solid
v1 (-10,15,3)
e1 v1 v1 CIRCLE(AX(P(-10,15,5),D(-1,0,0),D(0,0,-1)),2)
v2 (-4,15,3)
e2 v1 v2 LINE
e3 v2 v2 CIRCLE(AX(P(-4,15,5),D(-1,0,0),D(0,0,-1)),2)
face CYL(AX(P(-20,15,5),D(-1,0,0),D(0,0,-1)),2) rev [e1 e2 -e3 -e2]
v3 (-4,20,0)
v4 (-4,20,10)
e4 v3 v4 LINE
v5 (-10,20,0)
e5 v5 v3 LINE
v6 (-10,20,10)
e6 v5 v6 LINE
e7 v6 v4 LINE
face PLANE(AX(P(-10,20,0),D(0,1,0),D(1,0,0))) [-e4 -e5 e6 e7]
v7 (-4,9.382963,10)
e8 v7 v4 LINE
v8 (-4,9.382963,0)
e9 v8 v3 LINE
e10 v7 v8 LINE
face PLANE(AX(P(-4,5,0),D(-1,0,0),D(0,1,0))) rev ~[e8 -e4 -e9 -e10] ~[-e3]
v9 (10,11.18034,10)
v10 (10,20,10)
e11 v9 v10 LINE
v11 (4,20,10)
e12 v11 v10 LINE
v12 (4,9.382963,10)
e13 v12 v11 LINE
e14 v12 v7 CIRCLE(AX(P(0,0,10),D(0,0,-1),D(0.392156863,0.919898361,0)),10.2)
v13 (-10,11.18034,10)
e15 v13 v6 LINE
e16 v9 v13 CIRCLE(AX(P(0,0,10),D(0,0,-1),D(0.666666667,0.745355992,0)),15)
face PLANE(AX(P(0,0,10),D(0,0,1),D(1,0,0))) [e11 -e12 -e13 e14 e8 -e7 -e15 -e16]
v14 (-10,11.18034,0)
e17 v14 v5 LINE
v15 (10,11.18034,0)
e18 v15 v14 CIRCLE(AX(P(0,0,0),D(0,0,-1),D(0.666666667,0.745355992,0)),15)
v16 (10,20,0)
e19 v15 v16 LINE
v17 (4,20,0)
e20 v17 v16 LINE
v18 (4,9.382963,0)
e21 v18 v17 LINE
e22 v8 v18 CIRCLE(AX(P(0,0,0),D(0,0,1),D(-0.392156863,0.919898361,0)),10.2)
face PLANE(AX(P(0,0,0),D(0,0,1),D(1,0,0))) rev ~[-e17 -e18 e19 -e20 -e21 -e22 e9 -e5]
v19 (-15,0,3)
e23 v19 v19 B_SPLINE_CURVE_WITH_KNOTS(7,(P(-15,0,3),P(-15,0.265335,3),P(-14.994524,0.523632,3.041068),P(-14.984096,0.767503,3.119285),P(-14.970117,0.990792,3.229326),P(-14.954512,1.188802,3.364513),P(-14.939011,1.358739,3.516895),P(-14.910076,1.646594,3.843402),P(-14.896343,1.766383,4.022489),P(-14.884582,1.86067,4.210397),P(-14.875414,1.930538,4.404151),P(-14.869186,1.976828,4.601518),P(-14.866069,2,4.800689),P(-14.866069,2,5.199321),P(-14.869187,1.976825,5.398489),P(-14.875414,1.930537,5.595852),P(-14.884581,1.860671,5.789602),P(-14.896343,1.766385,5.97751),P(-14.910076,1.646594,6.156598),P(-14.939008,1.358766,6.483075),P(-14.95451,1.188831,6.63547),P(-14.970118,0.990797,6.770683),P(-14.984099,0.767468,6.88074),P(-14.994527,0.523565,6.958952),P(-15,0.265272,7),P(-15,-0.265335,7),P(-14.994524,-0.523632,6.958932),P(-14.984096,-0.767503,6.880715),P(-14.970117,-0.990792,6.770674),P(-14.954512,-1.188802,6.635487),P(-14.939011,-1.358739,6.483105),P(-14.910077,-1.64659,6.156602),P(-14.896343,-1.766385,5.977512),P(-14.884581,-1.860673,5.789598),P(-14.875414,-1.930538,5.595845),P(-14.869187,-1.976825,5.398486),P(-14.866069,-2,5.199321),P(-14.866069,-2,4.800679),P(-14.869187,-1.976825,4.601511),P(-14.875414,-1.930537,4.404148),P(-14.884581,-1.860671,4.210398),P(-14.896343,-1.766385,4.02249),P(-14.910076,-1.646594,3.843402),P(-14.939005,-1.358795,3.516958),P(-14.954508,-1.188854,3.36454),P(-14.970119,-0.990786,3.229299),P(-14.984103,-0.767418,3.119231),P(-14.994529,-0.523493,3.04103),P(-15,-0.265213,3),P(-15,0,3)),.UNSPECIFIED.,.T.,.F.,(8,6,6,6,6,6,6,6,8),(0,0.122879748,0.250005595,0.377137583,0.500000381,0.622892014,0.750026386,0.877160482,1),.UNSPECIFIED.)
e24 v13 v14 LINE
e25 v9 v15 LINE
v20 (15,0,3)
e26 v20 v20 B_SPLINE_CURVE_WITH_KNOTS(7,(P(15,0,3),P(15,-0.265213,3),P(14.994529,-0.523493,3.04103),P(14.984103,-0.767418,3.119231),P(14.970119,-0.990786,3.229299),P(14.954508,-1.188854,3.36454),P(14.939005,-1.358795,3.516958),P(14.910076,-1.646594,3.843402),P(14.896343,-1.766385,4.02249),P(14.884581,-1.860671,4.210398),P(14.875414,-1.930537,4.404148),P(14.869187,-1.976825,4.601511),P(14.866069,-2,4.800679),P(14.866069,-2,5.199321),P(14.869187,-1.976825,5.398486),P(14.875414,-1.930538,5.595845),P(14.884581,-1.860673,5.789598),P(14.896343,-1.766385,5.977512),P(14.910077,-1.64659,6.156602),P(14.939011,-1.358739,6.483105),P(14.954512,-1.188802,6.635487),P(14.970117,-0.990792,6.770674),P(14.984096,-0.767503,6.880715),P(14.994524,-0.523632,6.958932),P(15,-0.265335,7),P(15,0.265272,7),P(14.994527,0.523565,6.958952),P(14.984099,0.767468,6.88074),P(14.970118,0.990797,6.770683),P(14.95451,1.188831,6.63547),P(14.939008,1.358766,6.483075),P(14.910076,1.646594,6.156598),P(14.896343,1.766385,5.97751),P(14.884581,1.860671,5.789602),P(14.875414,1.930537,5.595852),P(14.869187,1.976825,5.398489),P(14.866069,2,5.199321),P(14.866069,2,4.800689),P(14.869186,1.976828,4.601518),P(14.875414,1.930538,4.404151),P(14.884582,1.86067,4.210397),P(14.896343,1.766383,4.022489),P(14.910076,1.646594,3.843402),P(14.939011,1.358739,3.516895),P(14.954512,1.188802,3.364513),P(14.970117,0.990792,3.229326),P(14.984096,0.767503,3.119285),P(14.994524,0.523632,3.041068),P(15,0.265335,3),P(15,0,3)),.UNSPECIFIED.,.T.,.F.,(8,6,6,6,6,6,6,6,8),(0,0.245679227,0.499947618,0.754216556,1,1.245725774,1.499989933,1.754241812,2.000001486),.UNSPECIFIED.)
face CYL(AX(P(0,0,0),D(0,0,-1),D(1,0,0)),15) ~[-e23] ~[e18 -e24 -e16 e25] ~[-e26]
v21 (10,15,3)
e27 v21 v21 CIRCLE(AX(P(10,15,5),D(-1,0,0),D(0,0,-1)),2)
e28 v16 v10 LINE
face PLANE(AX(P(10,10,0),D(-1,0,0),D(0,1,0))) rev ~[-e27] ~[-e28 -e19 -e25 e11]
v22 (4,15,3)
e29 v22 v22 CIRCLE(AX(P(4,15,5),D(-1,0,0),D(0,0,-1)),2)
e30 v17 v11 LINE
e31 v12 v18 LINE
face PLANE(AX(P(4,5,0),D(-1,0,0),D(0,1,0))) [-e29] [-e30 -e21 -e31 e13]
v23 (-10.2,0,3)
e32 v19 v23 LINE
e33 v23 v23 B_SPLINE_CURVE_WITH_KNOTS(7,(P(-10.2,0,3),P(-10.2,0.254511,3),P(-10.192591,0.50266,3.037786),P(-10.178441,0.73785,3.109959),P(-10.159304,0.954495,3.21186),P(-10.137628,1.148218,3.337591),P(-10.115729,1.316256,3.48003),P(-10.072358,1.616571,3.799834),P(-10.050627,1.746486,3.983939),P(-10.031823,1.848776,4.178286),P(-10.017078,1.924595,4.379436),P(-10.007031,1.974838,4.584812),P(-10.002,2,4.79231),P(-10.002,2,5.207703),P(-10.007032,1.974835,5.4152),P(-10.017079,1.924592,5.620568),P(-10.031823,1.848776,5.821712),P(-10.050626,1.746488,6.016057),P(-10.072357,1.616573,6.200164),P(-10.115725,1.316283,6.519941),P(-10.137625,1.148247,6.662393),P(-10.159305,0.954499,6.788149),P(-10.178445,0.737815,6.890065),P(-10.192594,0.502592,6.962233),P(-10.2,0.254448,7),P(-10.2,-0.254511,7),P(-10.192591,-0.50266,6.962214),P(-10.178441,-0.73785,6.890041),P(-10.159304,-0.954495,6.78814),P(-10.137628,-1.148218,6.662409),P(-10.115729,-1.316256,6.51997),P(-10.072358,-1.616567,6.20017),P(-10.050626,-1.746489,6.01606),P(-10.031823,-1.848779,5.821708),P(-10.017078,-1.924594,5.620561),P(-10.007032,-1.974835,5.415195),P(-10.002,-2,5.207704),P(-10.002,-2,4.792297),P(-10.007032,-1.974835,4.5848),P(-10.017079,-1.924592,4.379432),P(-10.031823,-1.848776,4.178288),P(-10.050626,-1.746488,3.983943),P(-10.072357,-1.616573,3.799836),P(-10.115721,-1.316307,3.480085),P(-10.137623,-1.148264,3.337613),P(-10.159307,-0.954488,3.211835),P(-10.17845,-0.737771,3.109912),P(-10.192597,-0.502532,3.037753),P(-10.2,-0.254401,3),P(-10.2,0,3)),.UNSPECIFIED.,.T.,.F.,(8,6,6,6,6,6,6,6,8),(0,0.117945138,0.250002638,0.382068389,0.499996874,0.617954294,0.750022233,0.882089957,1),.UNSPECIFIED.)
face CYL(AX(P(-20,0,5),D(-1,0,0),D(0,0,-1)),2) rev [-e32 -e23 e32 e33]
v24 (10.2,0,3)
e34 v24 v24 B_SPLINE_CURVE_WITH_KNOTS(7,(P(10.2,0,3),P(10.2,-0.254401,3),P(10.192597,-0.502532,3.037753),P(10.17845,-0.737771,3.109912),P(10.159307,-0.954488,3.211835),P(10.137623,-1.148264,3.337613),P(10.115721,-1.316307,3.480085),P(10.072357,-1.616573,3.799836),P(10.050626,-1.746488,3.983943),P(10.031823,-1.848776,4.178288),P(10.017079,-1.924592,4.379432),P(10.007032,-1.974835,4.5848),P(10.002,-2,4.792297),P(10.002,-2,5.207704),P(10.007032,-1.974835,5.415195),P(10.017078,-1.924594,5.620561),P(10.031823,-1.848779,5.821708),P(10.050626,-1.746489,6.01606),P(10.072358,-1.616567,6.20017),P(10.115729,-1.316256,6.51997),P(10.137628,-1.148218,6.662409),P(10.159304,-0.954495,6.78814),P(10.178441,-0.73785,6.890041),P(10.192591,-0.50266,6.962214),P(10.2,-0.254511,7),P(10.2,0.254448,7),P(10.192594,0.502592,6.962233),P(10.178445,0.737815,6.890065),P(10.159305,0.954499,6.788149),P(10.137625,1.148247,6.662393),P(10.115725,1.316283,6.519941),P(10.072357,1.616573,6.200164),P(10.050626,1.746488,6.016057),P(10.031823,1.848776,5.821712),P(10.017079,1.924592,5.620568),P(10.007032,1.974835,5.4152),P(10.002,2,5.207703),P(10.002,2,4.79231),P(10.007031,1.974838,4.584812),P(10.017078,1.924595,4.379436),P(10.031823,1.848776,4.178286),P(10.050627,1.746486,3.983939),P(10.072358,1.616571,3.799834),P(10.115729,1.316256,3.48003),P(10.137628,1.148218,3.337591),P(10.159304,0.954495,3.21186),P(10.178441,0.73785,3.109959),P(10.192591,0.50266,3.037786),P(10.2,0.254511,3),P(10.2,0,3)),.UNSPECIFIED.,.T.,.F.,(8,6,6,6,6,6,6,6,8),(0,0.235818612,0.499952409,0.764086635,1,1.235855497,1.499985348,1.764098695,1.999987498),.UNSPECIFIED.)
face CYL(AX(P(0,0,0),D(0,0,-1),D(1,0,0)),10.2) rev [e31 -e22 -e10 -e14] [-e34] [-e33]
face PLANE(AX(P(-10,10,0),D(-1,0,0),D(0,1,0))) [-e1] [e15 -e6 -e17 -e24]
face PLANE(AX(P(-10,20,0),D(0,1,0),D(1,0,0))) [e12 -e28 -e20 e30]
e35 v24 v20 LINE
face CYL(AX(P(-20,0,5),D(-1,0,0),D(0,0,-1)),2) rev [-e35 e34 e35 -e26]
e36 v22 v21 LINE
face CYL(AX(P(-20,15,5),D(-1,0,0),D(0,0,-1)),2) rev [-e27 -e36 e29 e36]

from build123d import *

# Parameters (mm, degrees)
CYLINDER003_R     = 2
CYLINDER003_DEPTH = 40
CYLINDER002_R     = 2
CYLINDER002_DEPTH = 40
CYLINDER001_R     = 10.2
CYLINDER001_DEPTH = 10
BOX001_W          = 8
BOX001_H          = 15
BOX001_DEPTH      = 10
BOX_W             = 20
BOX_H             = 10
BOX_DEPTH         = 10
CYLINDER_R        = 15
CYLINDER_DEPTH    = 10


with BuildPart() as cylinder003:
    # Cylinder003 → Cylinder003 (new body)
    with BuildSketch(Plane(origin=(-20, 15, 5), x_dir=(0, 0, -1), z_dir=(1, 0, 0))):
        Circle(CYLINDER003_R)
    extrude(amount=CYLINDER003_DEPTH)


with BuildPart() as cylinder002:
    # Cylinder002 → Cylinder002 (new body)
    with BuildSketch(Plane(origin=(-20, 0, 5), x_dir=(0, 0, -1), z_dir=(1, 0, 0))):
        Circle(CYLINDER002_R)
    extrude(amount=CYLINDER002_DEPTH)


with BuildPart() as cylinder001:
    # Cylinder001 → Cylinder001 (new body)
    with BuildSketch(Plane.XY):
        Circle(CYLINDER001_R)
    extrude(amount=CYLINDER001_DEPTH)


with BuildPart() as negative_fusion:
    # Box001 → Box001 (new body)
    with BuildSketch(Plane(origin=(-4, 5, 0), x_dir=(1, 0, 0), z_dir=(0, 0, 1))):
        with Locations((4, 7.5)):
            Rectangle(BOX001_W, BOX001_H)
    extrude(amount=BOX001_DEPTH)

    # Fusion001: union Cylinder003, Cylinder002, Cylinder001
    add(cylinder003.part)
    add(cylinder002.part)
    add(cylinder001.part)


with BuildPart() as cube:
    # Box → Box (new body)
    with BuildSketch(Plane(origin=(-10, 10, 0), x_dir=(1, 0, 0), z_dir=(0, 0, 1))):
        with Locations((10, 5)):
            Rectangle(BOX_W, BOX_H)
    extrude(amount=BOX_DEPTH)


with BuildPart() as cut:
    # Cylinder → Cylinder (new body)
    with BuildSketch(Plane.XY):
        Circle(CYLINDER_R)
    extrude(amount=CYLINDER_DEPTH)

    # Fusion: union Cube
    add(cube.part)

    # Cut: cut Negative Fusion
    add(negative_fusion.part, mode=Mode.SUBTRACT)


solid = cut.part
